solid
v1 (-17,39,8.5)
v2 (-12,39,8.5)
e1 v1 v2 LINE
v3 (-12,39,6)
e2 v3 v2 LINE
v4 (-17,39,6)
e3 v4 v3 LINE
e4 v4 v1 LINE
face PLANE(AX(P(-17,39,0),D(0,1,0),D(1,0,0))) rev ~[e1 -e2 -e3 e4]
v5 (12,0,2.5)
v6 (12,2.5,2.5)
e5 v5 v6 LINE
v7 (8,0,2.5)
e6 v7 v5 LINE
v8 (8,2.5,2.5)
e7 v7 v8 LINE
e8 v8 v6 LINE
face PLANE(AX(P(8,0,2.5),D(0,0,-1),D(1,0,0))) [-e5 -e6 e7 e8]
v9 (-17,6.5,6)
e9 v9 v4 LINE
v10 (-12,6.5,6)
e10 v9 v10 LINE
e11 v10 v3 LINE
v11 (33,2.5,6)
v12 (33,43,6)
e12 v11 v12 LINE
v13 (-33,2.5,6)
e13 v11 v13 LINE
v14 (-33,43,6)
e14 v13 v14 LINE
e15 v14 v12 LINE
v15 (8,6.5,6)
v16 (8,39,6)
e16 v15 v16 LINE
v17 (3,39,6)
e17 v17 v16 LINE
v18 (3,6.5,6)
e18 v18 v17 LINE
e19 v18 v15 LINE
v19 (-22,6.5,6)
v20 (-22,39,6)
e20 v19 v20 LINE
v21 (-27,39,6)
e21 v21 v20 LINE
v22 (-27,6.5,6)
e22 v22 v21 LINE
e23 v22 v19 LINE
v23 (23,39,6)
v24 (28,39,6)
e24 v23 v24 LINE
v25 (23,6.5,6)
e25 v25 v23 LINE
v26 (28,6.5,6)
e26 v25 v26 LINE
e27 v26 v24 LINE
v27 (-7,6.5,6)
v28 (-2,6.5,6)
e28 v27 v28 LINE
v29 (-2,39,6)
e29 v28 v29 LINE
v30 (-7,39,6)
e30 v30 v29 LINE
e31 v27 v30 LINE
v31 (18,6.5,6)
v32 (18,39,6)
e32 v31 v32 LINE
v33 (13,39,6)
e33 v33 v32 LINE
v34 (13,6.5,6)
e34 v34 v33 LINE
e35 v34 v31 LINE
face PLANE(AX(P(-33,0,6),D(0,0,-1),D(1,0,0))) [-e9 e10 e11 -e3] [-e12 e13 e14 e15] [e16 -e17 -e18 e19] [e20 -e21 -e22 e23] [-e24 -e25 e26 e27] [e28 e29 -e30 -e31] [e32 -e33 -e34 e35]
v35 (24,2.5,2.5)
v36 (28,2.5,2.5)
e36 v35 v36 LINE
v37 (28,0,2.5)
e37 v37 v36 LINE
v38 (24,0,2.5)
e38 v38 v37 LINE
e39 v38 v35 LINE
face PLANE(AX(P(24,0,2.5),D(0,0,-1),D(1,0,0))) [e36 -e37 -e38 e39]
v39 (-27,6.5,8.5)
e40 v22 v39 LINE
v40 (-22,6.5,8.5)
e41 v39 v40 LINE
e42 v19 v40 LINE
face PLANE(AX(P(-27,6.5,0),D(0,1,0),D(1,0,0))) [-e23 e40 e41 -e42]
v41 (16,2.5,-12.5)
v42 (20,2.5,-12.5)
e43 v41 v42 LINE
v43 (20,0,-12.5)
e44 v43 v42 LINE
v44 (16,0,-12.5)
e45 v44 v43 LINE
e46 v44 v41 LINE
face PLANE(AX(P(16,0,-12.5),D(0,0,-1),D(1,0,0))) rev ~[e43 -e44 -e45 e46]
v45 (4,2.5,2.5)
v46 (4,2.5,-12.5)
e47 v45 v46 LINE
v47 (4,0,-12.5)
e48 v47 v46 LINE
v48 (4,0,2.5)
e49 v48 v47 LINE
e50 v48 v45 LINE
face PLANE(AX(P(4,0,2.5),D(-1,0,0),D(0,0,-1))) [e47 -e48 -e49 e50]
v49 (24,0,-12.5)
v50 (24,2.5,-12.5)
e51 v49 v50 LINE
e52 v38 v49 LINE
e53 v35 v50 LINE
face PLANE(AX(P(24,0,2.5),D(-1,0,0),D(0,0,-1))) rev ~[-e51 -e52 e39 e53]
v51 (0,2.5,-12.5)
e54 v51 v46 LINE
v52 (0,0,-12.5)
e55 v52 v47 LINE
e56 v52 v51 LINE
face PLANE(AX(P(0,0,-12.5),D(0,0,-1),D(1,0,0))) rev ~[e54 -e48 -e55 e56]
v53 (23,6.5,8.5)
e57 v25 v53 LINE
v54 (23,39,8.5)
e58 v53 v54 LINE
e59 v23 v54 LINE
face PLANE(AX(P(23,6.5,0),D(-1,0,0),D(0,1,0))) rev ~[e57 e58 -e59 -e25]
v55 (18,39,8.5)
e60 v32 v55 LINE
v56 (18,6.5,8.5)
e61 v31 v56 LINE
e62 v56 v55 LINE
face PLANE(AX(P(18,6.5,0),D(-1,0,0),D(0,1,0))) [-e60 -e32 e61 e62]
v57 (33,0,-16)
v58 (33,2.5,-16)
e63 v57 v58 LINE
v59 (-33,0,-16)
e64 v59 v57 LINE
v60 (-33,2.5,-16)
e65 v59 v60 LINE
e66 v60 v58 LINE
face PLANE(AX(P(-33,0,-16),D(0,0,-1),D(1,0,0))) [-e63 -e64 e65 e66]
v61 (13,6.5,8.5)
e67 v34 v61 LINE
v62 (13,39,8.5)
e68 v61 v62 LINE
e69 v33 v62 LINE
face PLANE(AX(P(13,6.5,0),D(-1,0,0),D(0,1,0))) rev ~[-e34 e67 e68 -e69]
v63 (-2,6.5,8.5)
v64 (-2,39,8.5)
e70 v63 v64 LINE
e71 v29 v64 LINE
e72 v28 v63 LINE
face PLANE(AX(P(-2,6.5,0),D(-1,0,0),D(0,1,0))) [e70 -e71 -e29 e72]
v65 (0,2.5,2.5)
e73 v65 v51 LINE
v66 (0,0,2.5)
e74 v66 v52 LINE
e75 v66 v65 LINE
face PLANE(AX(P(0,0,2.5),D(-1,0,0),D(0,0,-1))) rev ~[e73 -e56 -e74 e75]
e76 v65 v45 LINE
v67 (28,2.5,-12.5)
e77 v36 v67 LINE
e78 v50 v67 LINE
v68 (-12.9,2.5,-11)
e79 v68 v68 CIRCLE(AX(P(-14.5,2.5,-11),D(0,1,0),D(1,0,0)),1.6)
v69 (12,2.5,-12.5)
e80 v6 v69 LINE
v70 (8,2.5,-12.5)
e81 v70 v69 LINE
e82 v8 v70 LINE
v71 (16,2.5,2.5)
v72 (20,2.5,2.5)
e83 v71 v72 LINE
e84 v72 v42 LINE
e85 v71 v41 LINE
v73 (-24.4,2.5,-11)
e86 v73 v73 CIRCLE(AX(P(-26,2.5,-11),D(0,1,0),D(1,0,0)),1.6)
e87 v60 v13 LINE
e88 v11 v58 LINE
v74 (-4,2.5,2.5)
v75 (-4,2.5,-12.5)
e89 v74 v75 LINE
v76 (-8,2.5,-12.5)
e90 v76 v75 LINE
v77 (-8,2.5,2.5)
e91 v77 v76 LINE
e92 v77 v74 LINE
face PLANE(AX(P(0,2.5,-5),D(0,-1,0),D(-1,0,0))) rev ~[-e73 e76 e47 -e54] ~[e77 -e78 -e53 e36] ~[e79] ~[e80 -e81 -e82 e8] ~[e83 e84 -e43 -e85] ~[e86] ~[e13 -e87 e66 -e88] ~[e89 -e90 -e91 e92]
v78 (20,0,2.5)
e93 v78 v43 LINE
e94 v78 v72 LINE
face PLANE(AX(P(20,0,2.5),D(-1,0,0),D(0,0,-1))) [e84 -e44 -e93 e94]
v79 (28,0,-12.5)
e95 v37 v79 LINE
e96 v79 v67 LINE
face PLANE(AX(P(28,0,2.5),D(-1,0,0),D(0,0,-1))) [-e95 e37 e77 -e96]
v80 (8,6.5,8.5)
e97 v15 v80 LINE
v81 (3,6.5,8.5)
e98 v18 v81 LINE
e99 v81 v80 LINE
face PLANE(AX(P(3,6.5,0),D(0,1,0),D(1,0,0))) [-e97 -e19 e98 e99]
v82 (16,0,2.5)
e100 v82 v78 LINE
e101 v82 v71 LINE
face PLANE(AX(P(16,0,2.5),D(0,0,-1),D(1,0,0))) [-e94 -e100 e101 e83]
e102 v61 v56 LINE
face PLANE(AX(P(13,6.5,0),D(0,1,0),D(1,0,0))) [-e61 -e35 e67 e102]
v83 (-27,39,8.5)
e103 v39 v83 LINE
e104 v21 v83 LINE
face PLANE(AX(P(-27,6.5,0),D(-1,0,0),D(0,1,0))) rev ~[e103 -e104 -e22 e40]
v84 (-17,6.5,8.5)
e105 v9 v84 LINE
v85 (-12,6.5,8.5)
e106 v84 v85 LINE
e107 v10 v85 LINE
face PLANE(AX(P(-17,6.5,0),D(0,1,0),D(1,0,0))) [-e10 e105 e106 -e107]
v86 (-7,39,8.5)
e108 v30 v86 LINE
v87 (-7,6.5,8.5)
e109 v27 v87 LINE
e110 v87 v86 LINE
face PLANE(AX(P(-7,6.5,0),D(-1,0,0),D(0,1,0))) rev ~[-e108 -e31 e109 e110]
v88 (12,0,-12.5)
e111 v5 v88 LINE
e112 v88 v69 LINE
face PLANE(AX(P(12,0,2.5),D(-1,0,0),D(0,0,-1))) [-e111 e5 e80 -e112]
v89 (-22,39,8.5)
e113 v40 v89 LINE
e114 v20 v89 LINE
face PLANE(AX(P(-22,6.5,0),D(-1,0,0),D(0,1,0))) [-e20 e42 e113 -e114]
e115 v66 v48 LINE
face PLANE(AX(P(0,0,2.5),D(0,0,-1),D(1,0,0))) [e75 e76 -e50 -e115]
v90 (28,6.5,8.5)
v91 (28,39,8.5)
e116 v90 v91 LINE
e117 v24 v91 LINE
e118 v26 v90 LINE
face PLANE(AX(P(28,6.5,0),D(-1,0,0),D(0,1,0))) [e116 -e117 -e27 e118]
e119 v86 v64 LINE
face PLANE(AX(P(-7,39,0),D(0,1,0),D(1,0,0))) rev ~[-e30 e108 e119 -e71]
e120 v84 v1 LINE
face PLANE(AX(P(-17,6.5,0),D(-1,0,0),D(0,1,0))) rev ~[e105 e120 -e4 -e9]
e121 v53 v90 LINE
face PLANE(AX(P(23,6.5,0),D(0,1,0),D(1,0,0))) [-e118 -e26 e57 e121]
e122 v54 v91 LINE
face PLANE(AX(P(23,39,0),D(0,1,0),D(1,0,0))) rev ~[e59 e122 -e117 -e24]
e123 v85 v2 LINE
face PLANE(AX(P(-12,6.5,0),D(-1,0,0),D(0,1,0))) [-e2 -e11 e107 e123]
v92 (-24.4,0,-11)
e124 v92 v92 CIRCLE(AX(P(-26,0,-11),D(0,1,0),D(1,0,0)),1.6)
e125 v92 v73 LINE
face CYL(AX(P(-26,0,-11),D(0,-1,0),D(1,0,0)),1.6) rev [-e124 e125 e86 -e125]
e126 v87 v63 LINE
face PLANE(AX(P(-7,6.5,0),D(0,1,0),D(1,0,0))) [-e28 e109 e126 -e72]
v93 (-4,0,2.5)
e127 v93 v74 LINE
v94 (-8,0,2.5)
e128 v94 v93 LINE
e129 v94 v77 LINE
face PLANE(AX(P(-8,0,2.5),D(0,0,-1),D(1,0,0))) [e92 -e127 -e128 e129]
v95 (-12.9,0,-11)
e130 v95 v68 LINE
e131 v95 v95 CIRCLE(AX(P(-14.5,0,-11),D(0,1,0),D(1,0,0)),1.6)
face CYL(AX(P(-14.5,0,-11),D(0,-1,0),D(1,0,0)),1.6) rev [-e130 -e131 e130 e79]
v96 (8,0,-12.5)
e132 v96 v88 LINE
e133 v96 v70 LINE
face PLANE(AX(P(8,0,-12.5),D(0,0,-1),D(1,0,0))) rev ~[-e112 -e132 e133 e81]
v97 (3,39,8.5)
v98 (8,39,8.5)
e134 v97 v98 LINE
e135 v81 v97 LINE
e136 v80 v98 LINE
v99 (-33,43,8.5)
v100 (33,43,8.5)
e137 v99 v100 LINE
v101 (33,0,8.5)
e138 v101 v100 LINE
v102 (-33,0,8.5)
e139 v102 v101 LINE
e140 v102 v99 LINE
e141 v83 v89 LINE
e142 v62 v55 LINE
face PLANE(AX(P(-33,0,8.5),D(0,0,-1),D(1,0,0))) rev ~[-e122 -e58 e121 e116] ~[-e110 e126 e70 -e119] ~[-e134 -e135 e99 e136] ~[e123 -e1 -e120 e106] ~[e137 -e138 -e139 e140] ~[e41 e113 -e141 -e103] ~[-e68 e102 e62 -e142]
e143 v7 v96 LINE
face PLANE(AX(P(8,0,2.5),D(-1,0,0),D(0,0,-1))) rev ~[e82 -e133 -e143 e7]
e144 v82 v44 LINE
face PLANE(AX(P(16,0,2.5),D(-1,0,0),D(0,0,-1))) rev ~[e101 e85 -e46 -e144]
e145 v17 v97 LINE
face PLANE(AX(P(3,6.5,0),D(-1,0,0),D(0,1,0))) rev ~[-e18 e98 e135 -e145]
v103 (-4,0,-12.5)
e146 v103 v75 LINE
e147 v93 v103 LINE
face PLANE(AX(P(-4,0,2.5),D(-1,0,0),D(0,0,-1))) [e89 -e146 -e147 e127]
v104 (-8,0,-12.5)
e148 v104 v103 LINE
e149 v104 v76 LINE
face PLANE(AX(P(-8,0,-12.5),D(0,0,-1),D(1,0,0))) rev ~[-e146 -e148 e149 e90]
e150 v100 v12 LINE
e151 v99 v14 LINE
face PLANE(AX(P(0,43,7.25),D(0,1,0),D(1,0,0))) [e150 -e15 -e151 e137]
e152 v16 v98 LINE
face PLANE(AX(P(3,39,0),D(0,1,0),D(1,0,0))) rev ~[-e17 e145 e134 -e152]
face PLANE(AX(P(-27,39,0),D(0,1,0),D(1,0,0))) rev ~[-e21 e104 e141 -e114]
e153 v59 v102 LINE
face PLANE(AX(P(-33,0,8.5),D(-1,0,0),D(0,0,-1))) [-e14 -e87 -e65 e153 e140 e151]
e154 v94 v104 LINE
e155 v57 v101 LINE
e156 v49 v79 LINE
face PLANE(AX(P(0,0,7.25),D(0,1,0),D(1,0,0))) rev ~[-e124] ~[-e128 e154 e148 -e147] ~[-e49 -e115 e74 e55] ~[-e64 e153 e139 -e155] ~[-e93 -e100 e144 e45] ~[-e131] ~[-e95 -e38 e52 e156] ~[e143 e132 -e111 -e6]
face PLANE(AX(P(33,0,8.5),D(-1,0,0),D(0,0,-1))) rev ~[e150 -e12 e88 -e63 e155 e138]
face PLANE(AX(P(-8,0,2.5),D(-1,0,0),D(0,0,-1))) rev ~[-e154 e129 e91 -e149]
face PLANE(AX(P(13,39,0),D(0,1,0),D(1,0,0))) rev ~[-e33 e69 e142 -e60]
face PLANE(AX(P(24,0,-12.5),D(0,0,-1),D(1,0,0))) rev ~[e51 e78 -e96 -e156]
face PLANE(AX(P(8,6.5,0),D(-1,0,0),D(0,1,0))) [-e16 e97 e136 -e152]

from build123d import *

# Parameters (mm, degrees)
SKETCH1_R           = 1.6
BOSS_EXTRUDE1_DEPTH = 2.5
SKETCH2_W           = 66
SKETCH2_H           = 2.5
BOSS_EXTRUDE2_DEPTH = 43
SKETCH3_W           = 5
SKETCH3_H           = 32.5
CUT_EXTRUDE1_DEPTH  = 9.5
LPATTERN1_COUNT     = 6
LPATTERN1_PITCH     = 10
SKETCH4_W           = 4
SKETCH4_H           = 15
CUT_EXTRUDE2_DEPTH  = 44
LPATTERN2_COUNT     = 5
LPATTERN2_PITCH     = 8


with BuildPart() as part:
    # Sketch1 → Boss-Extrude1 (new body)
    with BuildSketch(Plane(origin=(0, 0, 0), x_dir=(1, 0, 0), z_dir=(0, 1, 0))):
        Polygon((-33, 6), (-33, 16), (33, 16), (33, 6), (33, -6), (-33, -6), align=None)
        with Locations((-26, 11)):
            Circle(SKETCH1_R, mode=Mode.SUBTRACT)
        with Locations((-14.5, 11)):
            Circle(SKETCH1_R, mode=Mode.SUBTRACT)
    extrude(amount=BOSS_EXTRUDE1_DEPTH)

    # Sketch2 → Boss-Extrude2 (add)
    with BuildSketch(Plane(origin=(0, 0, 0), x_dir=(1, 0, 0), z_dir=(0, 1, 0))):
        with Locations((0, -7.25)):
            Rectangle(SKETCH2_W, SKETCH2_H)
    extrude(amount=BOSS_EXTRUDE2_DEPTH)

    # Sketch3 → Cut-Extrude1 (cut, through all)
    with BuildSketch(Plane.XY):
        with Locations((25.5, 22.75)):
            Rectangle(SKETCH3_W, SKETCH3_H)
    cut_extrude1 = extrude(amount=CUT_EXTRUDE1_DEPTH, mode=Mode.SUBTRACT)

    # LPattern1: Cut-Extrude1 ×6
    with Locations(*[(-i * LPATTERN1_PITCH, 0, 0) for i in range(1, LPATTERN1_COUNT)]):
        add(cut_extrude1, mode=Mode.SUBTRACT)

    # Sketch4 → Cut-Extrude2 (cut, through all)
    with BuildSketch(Plane(origin=(0, 0, 0), x_dir=(1, 0, 0), z_dir=(0, 1, 0))):
        with Locations((26, 5)):
            Rectangle(SKETCH4_W, SKETCH4_H)
    cut_extrude2 = extrude(amount=CUT_EXTRUDE2_DEPTH, mode=Mode.SUBTRACT)

    # LPattern2: Cut-Extrude2 ×5
    with Locations(*[(-i * LPATTERN2_PITCH, 0, 0) for i in range(1, LPATTERN2_COUNT)]):
        add(cut_extrude2, mode=Mode.SUBTRACT)


solid = part.part
